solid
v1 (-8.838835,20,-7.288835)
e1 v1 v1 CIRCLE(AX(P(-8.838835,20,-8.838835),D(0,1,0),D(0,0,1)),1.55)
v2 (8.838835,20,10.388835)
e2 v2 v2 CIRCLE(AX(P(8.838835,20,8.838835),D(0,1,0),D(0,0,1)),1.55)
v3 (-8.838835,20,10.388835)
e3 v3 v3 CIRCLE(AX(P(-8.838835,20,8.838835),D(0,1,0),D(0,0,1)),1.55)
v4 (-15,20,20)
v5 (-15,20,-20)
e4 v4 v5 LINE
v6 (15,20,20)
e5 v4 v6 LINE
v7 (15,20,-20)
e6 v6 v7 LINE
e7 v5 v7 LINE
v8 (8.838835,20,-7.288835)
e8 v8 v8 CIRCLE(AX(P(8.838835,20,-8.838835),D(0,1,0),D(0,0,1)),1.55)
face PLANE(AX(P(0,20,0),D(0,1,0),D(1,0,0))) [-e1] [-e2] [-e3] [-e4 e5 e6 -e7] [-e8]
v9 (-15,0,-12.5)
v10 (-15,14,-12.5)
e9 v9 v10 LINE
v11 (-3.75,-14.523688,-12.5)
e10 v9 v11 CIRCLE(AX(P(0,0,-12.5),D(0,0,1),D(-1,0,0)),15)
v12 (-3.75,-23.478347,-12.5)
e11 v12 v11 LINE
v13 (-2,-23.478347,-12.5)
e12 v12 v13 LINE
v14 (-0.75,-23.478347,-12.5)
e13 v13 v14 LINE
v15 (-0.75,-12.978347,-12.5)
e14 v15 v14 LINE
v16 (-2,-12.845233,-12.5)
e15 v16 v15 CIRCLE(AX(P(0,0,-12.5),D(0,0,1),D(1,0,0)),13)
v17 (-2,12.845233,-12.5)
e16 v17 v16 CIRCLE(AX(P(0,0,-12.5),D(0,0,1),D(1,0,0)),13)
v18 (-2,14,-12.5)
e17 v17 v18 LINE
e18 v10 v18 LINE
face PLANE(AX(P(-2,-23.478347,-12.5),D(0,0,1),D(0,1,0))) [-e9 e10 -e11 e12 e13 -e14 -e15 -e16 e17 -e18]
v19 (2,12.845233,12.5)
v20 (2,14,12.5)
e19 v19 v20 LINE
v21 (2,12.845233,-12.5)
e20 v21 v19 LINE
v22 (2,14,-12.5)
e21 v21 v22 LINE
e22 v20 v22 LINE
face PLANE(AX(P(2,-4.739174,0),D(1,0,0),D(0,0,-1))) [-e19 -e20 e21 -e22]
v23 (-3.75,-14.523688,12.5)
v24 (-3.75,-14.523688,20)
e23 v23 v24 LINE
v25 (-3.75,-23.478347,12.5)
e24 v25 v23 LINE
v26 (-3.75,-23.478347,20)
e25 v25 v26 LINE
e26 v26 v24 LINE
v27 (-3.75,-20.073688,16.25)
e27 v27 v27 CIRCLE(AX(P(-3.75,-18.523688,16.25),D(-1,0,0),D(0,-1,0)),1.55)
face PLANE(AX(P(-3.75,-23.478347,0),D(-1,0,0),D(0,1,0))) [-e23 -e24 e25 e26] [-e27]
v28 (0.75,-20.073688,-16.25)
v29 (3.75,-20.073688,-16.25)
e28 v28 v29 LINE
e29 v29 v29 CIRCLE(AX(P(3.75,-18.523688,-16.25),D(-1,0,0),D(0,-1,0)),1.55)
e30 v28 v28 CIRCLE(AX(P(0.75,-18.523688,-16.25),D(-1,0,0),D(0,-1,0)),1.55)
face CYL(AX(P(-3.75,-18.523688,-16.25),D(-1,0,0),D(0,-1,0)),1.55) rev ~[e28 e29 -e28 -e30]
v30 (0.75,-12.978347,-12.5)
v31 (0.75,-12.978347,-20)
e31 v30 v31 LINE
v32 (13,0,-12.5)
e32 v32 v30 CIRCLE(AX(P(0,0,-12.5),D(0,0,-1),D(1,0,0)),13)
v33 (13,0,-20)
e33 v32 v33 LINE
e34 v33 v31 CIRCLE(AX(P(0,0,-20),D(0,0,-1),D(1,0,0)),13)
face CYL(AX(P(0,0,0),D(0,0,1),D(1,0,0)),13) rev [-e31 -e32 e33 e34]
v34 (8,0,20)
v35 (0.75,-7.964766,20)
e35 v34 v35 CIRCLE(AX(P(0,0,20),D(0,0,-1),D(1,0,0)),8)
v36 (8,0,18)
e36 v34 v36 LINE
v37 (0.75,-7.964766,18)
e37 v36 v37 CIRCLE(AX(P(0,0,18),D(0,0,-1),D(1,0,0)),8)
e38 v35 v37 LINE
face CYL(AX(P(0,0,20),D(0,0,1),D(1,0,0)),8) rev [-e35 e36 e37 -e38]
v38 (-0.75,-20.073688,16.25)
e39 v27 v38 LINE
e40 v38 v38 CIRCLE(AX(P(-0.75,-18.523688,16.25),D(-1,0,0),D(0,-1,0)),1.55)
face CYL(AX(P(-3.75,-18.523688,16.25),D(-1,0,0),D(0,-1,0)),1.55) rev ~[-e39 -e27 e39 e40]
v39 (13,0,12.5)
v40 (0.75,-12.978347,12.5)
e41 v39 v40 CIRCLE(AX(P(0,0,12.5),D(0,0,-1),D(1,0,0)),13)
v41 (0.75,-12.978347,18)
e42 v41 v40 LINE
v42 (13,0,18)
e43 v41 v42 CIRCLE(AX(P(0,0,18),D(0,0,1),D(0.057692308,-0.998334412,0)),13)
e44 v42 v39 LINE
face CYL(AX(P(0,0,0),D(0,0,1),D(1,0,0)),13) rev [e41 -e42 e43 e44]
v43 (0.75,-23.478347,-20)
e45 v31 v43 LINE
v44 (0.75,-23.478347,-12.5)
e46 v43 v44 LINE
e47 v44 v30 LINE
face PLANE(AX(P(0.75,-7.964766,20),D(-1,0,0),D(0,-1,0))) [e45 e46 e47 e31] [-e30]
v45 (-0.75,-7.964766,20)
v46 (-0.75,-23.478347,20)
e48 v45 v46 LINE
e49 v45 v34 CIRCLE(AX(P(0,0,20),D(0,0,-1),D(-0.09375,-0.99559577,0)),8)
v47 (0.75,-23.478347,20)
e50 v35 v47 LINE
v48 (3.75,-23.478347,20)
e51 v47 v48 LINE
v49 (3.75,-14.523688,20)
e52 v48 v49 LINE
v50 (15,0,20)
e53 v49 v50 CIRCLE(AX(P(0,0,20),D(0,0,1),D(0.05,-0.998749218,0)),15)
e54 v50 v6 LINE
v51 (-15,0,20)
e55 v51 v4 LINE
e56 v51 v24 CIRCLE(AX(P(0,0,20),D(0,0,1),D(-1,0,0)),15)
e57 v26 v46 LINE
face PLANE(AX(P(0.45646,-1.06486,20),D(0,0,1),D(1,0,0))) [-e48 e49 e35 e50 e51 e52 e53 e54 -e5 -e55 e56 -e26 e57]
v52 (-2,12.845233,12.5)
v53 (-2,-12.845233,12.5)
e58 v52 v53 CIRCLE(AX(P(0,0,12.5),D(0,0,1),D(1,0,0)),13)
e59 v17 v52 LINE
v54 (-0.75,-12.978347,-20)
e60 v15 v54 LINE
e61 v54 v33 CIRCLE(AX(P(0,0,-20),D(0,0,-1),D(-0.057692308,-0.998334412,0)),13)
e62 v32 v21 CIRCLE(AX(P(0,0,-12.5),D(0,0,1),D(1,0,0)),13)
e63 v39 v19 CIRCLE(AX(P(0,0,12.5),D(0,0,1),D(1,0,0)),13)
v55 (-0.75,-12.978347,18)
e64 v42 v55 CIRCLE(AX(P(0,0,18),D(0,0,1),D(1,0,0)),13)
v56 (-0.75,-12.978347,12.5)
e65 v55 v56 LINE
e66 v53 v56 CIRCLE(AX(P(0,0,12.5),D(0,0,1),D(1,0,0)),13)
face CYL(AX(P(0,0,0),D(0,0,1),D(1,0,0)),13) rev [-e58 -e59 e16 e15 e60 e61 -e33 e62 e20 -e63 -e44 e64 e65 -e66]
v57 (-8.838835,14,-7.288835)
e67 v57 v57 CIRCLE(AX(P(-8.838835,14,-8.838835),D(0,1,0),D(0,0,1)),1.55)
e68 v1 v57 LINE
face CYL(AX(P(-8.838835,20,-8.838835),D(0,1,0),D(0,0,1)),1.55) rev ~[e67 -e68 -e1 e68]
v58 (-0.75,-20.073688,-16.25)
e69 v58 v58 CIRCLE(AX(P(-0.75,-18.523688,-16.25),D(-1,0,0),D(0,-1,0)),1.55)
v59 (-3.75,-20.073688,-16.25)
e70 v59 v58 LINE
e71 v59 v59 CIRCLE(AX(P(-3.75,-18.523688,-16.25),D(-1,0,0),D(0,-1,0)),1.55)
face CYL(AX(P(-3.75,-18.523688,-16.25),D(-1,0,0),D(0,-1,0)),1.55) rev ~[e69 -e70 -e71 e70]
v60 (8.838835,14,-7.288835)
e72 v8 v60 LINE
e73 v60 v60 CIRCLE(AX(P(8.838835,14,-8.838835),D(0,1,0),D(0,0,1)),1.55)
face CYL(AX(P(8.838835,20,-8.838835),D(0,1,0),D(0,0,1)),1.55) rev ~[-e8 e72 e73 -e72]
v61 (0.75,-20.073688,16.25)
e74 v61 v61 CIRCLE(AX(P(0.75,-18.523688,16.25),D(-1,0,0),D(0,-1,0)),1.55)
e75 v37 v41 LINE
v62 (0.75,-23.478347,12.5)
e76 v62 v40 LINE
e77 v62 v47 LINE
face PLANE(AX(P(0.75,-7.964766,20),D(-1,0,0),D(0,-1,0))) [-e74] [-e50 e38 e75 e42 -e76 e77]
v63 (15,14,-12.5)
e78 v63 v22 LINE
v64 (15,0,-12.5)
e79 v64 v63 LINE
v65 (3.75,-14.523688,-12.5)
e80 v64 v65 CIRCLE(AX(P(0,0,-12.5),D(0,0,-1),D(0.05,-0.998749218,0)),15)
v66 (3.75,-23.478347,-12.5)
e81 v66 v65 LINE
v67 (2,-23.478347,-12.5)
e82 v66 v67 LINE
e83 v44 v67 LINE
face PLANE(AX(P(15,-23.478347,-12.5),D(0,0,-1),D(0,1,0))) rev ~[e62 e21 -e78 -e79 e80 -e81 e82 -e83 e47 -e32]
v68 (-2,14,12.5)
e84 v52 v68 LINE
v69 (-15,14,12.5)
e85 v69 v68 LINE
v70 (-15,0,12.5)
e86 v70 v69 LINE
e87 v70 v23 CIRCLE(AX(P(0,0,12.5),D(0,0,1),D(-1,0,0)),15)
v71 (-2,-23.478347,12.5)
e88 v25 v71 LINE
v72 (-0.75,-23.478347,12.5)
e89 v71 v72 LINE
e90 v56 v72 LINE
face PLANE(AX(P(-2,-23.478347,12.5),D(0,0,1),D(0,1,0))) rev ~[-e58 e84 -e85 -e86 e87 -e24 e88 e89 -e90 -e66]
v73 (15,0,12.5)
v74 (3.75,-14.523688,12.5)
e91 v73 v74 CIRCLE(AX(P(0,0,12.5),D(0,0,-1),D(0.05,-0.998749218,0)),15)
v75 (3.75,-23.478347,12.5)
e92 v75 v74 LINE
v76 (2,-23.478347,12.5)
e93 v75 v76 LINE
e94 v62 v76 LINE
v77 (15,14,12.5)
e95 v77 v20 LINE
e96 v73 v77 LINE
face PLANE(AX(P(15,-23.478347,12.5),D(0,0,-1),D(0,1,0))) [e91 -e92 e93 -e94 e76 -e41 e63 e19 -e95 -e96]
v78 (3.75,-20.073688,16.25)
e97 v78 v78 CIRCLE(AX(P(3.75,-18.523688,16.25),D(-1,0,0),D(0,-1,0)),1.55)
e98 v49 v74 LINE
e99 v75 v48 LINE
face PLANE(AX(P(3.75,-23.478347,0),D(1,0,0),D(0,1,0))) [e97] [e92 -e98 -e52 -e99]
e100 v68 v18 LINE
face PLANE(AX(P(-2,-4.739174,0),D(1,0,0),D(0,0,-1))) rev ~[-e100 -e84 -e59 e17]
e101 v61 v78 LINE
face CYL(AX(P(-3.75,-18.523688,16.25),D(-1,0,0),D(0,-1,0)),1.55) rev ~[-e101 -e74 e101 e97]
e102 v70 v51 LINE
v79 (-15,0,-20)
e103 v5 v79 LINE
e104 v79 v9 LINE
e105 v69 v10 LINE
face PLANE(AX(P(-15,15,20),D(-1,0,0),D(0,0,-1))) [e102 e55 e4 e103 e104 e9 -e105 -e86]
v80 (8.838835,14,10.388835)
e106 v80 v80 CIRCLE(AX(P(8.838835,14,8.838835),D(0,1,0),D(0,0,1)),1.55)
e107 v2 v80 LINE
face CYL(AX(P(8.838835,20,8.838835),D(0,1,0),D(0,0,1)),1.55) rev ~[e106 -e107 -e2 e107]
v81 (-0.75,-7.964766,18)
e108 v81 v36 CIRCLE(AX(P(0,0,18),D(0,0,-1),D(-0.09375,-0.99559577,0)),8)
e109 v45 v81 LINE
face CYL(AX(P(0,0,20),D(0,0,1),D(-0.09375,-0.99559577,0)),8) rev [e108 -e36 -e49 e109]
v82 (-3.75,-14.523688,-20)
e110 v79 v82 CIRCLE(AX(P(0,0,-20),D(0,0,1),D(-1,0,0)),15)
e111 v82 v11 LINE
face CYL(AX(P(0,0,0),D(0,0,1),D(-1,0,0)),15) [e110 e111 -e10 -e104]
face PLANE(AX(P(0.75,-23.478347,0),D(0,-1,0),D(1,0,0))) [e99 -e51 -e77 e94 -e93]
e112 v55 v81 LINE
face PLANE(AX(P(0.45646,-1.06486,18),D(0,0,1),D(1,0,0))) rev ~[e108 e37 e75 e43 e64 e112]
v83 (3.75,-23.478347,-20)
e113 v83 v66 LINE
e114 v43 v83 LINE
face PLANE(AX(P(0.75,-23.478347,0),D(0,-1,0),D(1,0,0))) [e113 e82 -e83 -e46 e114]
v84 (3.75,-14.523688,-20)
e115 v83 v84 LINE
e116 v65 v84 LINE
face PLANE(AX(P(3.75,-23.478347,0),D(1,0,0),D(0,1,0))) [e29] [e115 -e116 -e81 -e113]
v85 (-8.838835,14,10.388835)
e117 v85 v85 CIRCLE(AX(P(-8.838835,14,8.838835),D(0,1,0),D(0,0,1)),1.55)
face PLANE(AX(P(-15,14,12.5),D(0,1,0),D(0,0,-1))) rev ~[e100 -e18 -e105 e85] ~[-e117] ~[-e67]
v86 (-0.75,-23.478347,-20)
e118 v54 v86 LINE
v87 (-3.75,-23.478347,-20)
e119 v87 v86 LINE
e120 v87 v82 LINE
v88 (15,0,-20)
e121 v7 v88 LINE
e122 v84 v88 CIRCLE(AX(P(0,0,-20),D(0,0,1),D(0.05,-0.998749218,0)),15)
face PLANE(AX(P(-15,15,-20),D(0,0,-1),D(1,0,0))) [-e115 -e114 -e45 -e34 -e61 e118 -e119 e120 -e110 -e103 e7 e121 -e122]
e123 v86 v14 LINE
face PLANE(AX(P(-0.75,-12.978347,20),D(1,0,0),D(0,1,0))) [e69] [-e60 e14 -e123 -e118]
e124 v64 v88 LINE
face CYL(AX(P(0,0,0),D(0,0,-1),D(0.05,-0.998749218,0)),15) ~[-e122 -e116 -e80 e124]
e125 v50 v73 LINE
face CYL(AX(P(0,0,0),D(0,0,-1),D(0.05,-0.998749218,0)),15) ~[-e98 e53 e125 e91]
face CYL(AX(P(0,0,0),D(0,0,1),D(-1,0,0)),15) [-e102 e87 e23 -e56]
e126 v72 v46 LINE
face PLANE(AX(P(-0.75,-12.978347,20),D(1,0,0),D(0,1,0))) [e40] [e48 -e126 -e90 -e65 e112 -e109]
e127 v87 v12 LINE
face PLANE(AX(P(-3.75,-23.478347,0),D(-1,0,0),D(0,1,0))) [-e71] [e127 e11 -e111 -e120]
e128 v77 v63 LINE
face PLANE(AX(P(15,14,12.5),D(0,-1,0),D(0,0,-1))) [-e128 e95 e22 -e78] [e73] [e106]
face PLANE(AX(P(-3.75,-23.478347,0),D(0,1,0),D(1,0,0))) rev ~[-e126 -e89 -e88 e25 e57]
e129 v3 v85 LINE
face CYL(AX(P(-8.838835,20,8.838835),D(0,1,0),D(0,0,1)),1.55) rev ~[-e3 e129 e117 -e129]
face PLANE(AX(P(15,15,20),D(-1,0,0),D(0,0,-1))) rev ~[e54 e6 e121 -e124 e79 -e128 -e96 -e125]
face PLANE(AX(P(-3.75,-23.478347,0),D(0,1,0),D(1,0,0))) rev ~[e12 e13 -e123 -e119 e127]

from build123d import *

# Parameters (mm, degrees)
BOSS_EXTRUDE1_DEPTH   = 20
SKETCH2_W             = 3
SKETCH2_H             = 10.5
BOSS_EXTRUDE2_DEPTH   = 20
SKETCH4_W             = 30
SKETCH4_H             = 40
BOSS_EXTRUDE3_DEPTH   = 5
SKETCH5_W             = 25
SKETCH5_H             = 37.478347352
CUT_EXTRUDE2_DEPTH    = 13
SKETCH6_R             = 1.55
MOTORMOUNTHOLES_DEPTH = 6
CLAMPHOLES_REACH      = 38.094
SKETCH8_R             = 1.55
ENDSTOPPER_DEPTH      = 2
CUT_EXTRUDE7_START    = -15
SKETCH10_W            = 25
SKETCH10_H            = 37.478347352
CUT_EXTRUDE7_DEPTH    = 13
SKETCH11_W            = 25
SKETCH11_H            = 10.633114773
CUT_EXTRUDE8_DEPTH    = 4


with BuildPart() as part:
    # Sketch1 → Boss-Extrude1 (new, symmetric)
    with BuildSketch(Plane.XY):
        with BuildLine():
            Line((-15, 15), (-15, 0))
            ThreePointArc((-15, 0), (-10.606601721, 10.606601715), (-8e-09, 15))
            Line((-8e-09, 15), (-15, 15))
        make_face()
        with BuildLine():
            Line((15, 15), (-8e-09, 15))
            ThreePointArc((-8e-09, 15), (10.606601715, 10.606601721), (15, 0))
            Line((15, 0), (15, 15))
        make_face()
        with BuildLine():
            ThreePointArc((-8e-09, 15), (-10.606601721, 10.606601715), (-15, 0))
            ThreePointArc((-15, 0), (-10.86853256, -10.338036564), (-0.75, -14.981238267))
            Line((-0.75, -14.981238267), (-0.75, -12.978347352))
            ThreePointArc((-0.75, -12.978347352), (-8.923284149, 9.453835201), (13, 0))
            ThreePointArc((13, 0), (9.453835201, -8.923284149), (0.75, -12.978347352))
            Line((0.75, -12.978347352), (0.75, -14.981238267))
            ThreePointArc((0.75, -14.981238267), (10.86853256, -10.338036564), (15, 0))
            ThreePointArc((15, 0), (10.606601715, 10.606601721), (-8e-09, 15))
        make_face()
    extrude(amount=BOSS_EXTRUDE1_DEPTH, both=True)

    # Sketch2 → Boss-Extrude2 (add, symmetric)
    with BuildSketch(Plane.XY):
        with Locations((-2.25, -18.228347352)):
            Rectangle(SKETCH2_W, SKETCH2_H)
        with Locations((2.25, -18.228347352)):
            Rectangle(SKETCH2_W, SKETCH2_H)
    extrude(amount=BOSS_EXTRUDE2_DEPTH, both=True)

    # Sketch4 → Boss-Extrude3 (add)
    with BuildSketch(Plane(origin=(0, 15, 0), x_dir=(1, 0, 0), z_dir=(0, 1, 0))):
        Rectangle(SKETCH4_W, SKETCH4_H)
    extrude(amount=BOSS_EXTRUDE3_DEPTH)

    # Sketch5 → Cut-Extrude2 (cut)
    with BuildSketch(Plane(origin=(15, 0, 0), x_dir=(0, 0, -1), z_dir=(1, 0, 0))):
        with Locations((0, -4.739173676)):
            Rectangle(SKETCH5_W, SKETCH5_H)
    extrude(amount=-CUT_EXTRUDE2_DEPTH, mode=Mode.SUBTRACT)

    # Sketch6 → MotorMountHoles (cut)
    with BuildSketch(Plane(origin=(0, 20, 0), x_dir=(1, 0, 0), z_dir=(0, 1, 0))):
        with Locations(Location((-8.838834765, 8.838834765, 0), (0, 0, 270))):
            Circle(SKETCH6_R)
        with Locations(Location((8.838834765, 8.838834765, 0), (0, 0, 270))):
            Circle(SKETCH6_R)
        with Locations(Location((8.838834765, -8.838834765, 0), (0, 0, 270))):
            Circle(SKETCH6_R)
        with Locations(Location((-8.838834765, -8.838834765, 0), (0, 0, 270))):
            Circle(SKETCH6_R)
    extrude(amount=-MOTORMOUNTHOLES_DEPTH, mode=Mode.SUBTRACT)

    # ClampHoles: up to this face of the body (flat: up to its plane)
    clampholes_end = Plane(part.part.faces().sort_by_distance((3.75, -19.00101745, 16.25))[0])
    # Sketch8 → ClampHoles (cut, up to the picked face)
    with BuildSketch(Plane.ZY.offset(3.75), mode=Mode.PRIVATE) as clampholes_sk1:
        with Locations(Location((16.25, -18.523687548, 0), (0, 0, 270))):
            Circle(SKETCH8_R)
    clampholes_tool1 = split(extrude(clampholes_sk1.sketch, amount=-CLAMPHOLES_REACH, mode=Mode.PRIVATE), bisect_by=clampholes_end, keep=Keep.BOTH, mode=Mode.PRIVATE)
    # Sketch8 → ClampHoles (cut, up to the picked face)
    with BuildSketch(Plane.ZY.offset(3.75), mode=Mode.PRIVATE) as clampholes_sk2:
        with Locations(Location((-16.25, -18.523687548, 0), (0, 0, 270))):
            Circle(SKETCH8_R)
    clampholes_tool2 = split(extrude(clampholes_sk2.sketch, amount=-CLAMPHOLES_REACH, mode=Mode.PRIVATE), bisect_by=clampholes_end, keep=Keep.BOTH, mode=Mode.PRIVATE)
    add(clampholes_tool1.solids().sort_by(Axis((-3.75, -18.523688, 16.25), (1, 0, 0)))[0], mode=Mode.SUBTRACT)
    add(clampholes_tool2.solids().sort_by(Axis((-3.75, -18.523688, -16.25), (1, 0, 0)))[0], mode=Mode.SUBTRACT)

    # Sketch9 → EndStopper (add)
    with BuildSketch(Plane.XY.offset(20)):
        with BuildLine():
            ThreePointArc((13, 0), (-8.923284149, 9.453835201), (-0.75, -12.978347352))
            Line((-0.75, -12.978347352), (-0.75, -7.964766161))
            ThreePointArc((-0.75, -7.964766161), (-5.385164807, 5.916079783), (8, 0))
            ThreePointArc((8, 0), (5.916079783, -5.385164807), (0.75, -7.964766161))
            Line((0.75, -7.964766161), (0.75, -12.978347352))
            ThreePointArc((0.75, -12.978347352), (9.453835201, -8.923284149), (13, 0))
        make_face()
    extrude(amount=-ENDSTOPPER_DEPTH)

    # Sketch10 → Cut-Extrude7 (cut)
    with BuildSketch(Plane(origin=(0, 0, 0), x_dir=(0, 0, -1), z_dir=(1, 0, 0)).offset(CUT_EXTRUDE7_START)):
        with Locations((0, -4.739173676)):
            Rectangle(SKETCH10_W, SKETCH10_H)
    extrude(amount=CUT_EXTRUDE7_DEPTH, mode=Mode.SUBTRACT)

    # Sketch11 → Cut-Extrude8 (cut)
    with BuildSketch(Plane.ZY.offset(2)):
        with Locations((0, -18.161789965)):
            Rectangle(SKETCH11_W, SKETCH11_H)
    extrude(amount=-CUT_EXTRUDE8_DEPTH, mode=Mode.SUBTRACT)


solid = part.part
